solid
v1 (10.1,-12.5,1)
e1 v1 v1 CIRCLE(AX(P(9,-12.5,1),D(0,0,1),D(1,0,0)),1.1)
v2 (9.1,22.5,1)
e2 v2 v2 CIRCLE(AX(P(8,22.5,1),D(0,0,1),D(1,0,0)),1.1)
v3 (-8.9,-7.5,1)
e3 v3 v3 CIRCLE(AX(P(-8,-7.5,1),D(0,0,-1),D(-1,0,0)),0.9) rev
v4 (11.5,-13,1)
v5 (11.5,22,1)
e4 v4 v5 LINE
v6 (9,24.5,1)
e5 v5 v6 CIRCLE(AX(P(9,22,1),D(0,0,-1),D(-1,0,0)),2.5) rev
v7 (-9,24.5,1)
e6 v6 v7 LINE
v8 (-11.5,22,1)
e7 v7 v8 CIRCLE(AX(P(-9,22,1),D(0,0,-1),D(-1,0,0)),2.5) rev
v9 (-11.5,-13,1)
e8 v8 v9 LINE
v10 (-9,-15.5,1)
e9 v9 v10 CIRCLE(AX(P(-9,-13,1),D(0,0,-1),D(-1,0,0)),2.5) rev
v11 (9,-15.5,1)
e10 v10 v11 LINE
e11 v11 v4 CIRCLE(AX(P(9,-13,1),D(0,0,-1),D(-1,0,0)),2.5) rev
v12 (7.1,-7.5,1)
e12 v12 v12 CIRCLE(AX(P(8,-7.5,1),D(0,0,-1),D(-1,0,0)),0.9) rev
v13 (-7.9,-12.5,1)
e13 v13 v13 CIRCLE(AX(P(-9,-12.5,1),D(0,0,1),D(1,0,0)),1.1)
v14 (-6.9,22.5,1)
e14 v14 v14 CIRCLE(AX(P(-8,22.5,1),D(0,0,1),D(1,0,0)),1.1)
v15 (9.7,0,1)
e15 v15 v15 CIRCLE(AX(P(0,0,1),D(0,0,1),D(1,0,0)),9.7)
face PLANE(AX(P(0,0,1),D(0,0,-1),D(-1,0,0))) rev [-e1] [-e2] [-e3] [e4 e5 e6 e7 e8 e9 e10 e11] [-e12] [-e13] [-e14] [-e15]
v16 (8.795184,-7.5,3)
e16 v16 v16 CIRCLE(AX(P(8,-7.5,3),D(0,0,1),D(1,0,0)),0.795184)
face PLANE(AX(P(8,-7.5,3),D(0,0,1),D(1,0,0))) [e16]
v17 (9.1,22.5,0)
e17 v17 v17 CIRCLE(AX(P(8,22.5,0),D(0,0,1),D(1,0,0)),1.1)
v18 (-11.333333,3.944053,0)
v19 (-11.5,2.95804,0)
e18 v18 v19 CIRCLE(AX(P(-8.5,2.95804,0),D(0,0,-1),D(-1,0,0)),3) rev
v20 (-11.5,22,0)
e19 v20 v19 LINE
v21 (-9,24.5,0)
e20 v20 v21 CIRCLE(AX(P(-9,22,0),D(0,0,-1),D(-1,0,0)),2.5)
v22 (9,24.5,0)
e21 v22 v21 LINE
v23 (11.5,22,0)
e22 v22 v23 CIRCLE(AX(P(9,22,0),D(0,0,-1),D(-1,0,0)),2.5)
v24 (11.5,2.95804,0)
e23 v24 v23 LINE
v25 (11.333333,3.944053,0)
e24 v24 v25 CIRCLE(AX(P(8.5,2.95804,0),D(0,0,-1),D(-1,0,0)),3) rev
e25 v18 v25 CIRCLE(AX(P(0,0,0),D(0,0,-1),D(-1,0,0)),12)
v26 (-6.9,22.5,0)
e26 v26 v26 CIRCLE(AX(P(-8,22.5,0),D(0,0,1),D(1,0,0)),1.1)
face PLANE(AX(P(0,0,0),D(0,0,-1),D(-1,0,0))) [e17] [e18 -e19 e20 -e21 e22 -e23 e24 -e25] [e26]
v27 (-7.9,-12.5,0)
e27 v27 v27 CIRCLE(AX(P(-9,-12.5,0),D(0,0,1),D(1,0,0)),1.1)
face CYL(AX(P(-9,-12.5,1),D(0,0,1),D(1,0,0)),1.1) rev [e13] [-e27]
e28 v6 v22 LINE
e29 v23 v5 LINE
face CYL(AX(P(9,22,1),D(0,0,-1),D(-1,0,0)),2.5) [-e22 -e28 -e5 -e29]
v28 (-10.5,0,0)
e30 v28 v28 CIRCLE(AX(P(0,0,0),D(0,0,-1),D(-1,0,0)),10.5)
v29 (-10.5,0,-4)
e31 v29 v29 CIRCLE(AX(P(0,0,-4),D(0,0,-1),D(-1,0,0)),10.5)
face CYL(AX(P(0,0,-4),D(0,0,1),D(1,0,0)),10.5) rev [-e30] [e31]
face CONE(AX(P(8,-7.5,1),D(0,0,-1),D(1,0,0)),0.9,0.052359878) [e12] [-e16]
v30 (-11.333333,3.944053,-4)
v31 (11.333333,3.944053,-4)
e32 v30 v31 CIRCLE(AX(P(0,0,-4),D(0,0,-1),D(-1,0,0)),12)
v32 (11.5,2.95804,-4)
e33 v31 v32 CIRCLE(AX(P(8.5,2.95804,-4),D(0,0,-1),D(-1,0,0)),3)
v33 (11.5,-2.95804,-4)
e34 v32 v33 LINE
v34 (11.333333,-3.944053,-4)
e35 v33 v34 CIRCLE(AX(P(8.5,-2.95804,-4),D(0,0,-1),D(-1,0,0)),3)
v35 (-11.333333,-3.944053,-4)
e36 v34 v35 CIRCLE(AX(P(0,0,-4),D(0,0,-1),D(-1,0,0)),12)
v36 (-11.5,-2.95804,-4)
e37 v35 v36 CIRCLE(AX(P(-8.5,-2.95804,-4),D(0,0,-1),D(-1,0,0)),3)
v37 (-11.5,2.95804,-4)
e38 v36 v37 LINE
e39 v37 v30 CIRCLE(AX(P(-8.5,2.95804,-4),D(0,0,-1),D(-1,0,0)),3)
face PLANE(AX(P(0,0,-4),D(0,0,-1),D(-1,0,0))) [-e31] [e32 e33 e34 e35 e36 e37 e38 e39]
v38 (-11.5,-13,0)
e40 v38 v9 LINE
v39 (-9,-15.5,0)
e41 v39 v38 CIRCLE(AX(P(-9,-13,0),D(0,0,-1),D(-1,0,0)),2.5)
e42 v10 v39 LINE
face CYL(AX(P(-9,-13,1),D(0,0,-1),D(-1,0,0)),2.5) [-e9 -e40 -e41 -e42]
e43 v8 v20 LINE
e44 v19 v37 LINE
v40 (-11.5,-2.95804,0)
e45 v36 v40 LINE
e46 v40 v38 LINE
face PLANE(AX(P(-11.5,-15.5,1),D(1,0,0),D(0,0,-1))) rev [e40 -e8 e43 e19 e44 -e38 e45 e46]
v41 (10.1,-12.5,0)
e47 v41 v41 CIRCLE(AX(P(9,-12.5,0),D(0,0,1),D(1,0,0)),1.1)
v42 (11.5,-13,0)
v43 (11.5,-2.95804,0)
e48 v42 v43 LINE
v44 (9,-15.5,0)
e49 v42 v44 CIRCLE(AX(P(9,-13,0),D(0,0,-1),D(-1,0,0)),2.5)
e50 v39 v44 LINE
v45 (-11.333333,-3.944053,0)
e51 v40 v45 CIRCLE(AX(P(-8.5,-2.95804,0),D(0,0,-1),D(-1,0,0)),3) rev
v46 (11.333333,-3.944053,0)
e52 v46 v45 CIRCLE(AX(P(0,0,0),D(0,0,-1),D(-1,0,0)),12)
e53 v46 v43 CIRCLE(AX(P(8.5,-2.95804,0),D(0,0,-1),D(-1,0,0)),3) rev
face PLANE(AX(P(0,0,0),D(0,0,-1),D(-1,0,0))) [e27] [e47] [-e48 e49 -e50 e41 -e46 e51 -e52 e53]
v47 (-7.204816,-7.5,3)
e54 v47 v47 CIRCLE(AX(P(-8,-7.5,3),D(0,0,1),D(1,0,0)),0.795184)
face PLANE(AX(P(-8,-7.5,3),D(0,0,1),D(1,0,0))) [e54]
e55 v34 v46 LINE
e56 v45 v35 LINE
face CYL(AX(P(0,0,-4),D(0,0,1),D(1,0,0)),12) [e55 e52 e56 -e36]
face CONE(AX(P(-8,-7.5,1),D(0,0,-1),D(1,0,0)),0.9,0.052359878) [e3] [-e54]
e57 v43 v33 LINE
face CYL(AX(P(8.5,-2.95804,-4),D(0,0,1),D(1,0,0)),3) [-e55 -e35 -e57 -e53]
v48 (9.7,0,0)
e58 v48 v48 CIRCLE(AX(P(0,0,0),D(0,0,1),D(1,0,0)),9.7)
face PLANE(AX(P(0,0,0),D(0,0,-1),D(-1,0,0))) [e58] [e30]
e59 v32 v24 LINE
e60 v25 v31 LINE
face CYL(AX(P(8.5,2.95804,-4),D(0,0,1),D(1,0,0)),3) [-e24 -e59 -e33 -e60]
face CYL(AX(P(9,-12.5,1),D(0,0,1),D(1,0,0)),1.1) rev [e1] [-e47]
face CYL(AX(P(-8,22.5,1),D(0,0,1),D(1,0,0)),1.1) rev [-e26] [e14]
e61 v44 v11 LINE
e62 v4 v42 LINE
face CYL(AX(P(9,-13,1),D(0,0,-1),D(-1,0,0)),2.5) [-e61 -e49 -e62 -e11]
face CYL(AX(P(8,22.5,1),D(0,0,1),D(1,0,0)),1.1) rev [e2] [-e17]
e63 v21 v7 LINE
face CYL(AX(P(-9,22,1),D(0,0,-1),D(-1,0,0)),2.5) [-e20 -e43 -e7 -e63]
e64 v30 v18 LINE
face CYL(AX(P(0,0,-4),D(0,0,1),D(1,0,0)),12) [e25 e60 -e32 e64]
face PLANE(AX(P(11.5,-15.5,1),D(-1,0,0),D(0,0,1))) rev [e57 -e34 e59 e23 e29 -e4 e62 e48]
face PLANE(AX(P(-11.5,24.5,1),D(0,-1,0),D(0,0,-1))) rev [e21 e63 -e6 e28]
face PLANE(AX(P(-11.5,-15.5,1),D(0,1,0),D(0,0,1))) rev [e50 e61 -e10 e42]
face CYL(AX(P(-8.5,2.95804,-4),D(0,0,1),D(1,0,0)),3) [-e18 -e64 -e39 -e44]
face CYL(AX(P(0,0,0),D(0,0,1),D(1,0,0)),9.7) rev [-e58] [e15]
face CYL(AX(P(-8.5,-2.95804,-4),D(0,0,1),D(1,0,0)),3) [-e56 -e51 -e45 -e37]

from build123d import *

# Parameters (mm, degrees)
SKETCH_1_W                = 23
SKETCH_1_H                = 40
EXTRUDE_1_DEPTH           = 1
SKETCH_2_R                = 9.7
CUT_EXTRUDE_1_DEPTH       = 28.083205128
FILLET_1_R                = 2.5
HOLE_WIZARD_M2_1_D        = 2.2
SKETCH_7_R                = 0.9
EXTRUDE_2_DEPTH           = 2
EXTRUDE_2_DRAFT           = 3
EXTRUDE_2_PROFILE_2_DEPTH = 2
EXTRUDE_2_PROFILE_2_DRAFT = 3
SKETCH_8_R                = 10.5
EXTRUDE_3_DEPTH           = 4
FILLET_2_R                = 3


with BuildPart() as part:
    # 草图1 → 凸台-拉伸1 (new body)
    with BuildSketch(Plane.XY):
        with Locations((0, 4.5)):
            Rectangle(SKETCH_1_W, SKETCH_1_H)
    extrude(amount=EXTRUDE_1_DEPTH)

    # 草图2 → 切除-拉伸1 (cut, through all)
    with BuildSketch(Plane.XY.offset(1)):
        Circle(SKETCH_2_R)
    extrude(amount=-CUT_EXTRUDE_1_DEPTH, mode=Mode.SUBTRACT)

    # 圆角1
    fillet_1_edges = [part.edges().sort_by_distance(p)[0] for p in [
        (-11.5, 24.5, 0.5),
        (11.5, 24.5, 0.5),
        (11.5, -15.5, 0.5),
        (-11.5, -15.5, 0.5),
    ]]
    fillet(fillet_1_edges, radius=FILLET_1_R)

    # M2 间隙孔1 (through all)
    with Locations(Plane.XY.offset(1)):
        with Locations((-8, 22.5), (8, 22.5), (-9, -12.5), (9, -12.5)):
            Hole(HOLE_WIZARD_M2_1_D / 2)


with BuildPart() as extrude_2_tool:
    # 草图7 → 凸台-拉伸2 (with draft: the straight prism first)
    with BuildSketch(Plane.XY.offset(1)):
        with Locations((-8, -7.5)):
            Circle(SKETCH_7_R)
    extrude(amount=EXTRUDE_2_DEPTH)
    # 凸台-拉伸2: the draft: its side faces are tilted about the plane it starts from
    extrude_2_sides = [extrude_2_tool.faces().sort_by_distance(p)[0] for p in [
        (-8.9, -7.5, 2),
    ]]
    draft(extrude_2_sides, Plane.XY.offset(1), EXTRUDE_2_DRAFT)


with BuildPart() as part_1:
    add(part.part)

    # 凸台-拉伸2: add extrude_2_tool
    add(extrude_2_tool.part)


with BuildPart() as extrude_2_profile_2_tool:
    # 草图7 → 凸台-拉伸2 profile 2 (with draft: the straight prism first)
    with BuildSketch(Plane.XY.offset(1)):
        with Locations((8, -7.5)):
            Circle(SKETCH_7_R)
    extrude(amount=EXTRUDE_2_PROFILE_2_DEPTH)
    # 凸台-拉伸2 profile 2: the draft: its side faces are tilted about the plane it starts from
    extrude_2_profile_2_sides = [extrude_2_profile_2_tool.faces().sort_by_distance(p)[0] for p in [
        (7.1, -7.5, 2),
    ]]
    draft(extrude_2_profile_2_sides, Plane.XY.offset(1), EXTRUDE_2_PROFILE_2_DRAFT)


with BuildPart() as part_2:
    add(part_1.part)

    # 凸台-拉伸2 profile 2: add extrude_2_profile_2_tool
    add(extrude_2_profile_2_tool.part)

    # 草图8 → 凸台-拉伸3 (add)
    with BuildSketch(Plane(origin=(0, 0, 0), x_dir=(-1, 0, 0), z_dir=(0, 0, -1))):
        with BuildLine():
            Line((11.5, 3.4278273), (11.5, -3.4278273))
            ThreePointArc((11.5, -3.4278273), (0, -12), (-11.5, -3.4278273))
            Line((-11.5, -3.4278273), (-11.5, 3.4278273))
            ThreePointArc((-11.5, 3.4278273), (0, 12), (11.5, 3.4278273))
        make_face()
        Circle(SKETCH_8_R, mode=Mode.SUBTRACT)
    extrude(amount=EXTRUDE_3_DEPTH)

    # 圆角2
    fillet_2_edges = [part_2.edges().sort_by_distance(p)[0] for p in [
        (-11.5, 3.4278273, -2),
        (11.5, 3.4278273, -2),
        (11.5, -3.4278273, -2),
        (-11.5, -3.4278273, -2),
    ]]
    fillet(fillet_2_edges, radius=FILLET_2_R)


solid = part_2.part
